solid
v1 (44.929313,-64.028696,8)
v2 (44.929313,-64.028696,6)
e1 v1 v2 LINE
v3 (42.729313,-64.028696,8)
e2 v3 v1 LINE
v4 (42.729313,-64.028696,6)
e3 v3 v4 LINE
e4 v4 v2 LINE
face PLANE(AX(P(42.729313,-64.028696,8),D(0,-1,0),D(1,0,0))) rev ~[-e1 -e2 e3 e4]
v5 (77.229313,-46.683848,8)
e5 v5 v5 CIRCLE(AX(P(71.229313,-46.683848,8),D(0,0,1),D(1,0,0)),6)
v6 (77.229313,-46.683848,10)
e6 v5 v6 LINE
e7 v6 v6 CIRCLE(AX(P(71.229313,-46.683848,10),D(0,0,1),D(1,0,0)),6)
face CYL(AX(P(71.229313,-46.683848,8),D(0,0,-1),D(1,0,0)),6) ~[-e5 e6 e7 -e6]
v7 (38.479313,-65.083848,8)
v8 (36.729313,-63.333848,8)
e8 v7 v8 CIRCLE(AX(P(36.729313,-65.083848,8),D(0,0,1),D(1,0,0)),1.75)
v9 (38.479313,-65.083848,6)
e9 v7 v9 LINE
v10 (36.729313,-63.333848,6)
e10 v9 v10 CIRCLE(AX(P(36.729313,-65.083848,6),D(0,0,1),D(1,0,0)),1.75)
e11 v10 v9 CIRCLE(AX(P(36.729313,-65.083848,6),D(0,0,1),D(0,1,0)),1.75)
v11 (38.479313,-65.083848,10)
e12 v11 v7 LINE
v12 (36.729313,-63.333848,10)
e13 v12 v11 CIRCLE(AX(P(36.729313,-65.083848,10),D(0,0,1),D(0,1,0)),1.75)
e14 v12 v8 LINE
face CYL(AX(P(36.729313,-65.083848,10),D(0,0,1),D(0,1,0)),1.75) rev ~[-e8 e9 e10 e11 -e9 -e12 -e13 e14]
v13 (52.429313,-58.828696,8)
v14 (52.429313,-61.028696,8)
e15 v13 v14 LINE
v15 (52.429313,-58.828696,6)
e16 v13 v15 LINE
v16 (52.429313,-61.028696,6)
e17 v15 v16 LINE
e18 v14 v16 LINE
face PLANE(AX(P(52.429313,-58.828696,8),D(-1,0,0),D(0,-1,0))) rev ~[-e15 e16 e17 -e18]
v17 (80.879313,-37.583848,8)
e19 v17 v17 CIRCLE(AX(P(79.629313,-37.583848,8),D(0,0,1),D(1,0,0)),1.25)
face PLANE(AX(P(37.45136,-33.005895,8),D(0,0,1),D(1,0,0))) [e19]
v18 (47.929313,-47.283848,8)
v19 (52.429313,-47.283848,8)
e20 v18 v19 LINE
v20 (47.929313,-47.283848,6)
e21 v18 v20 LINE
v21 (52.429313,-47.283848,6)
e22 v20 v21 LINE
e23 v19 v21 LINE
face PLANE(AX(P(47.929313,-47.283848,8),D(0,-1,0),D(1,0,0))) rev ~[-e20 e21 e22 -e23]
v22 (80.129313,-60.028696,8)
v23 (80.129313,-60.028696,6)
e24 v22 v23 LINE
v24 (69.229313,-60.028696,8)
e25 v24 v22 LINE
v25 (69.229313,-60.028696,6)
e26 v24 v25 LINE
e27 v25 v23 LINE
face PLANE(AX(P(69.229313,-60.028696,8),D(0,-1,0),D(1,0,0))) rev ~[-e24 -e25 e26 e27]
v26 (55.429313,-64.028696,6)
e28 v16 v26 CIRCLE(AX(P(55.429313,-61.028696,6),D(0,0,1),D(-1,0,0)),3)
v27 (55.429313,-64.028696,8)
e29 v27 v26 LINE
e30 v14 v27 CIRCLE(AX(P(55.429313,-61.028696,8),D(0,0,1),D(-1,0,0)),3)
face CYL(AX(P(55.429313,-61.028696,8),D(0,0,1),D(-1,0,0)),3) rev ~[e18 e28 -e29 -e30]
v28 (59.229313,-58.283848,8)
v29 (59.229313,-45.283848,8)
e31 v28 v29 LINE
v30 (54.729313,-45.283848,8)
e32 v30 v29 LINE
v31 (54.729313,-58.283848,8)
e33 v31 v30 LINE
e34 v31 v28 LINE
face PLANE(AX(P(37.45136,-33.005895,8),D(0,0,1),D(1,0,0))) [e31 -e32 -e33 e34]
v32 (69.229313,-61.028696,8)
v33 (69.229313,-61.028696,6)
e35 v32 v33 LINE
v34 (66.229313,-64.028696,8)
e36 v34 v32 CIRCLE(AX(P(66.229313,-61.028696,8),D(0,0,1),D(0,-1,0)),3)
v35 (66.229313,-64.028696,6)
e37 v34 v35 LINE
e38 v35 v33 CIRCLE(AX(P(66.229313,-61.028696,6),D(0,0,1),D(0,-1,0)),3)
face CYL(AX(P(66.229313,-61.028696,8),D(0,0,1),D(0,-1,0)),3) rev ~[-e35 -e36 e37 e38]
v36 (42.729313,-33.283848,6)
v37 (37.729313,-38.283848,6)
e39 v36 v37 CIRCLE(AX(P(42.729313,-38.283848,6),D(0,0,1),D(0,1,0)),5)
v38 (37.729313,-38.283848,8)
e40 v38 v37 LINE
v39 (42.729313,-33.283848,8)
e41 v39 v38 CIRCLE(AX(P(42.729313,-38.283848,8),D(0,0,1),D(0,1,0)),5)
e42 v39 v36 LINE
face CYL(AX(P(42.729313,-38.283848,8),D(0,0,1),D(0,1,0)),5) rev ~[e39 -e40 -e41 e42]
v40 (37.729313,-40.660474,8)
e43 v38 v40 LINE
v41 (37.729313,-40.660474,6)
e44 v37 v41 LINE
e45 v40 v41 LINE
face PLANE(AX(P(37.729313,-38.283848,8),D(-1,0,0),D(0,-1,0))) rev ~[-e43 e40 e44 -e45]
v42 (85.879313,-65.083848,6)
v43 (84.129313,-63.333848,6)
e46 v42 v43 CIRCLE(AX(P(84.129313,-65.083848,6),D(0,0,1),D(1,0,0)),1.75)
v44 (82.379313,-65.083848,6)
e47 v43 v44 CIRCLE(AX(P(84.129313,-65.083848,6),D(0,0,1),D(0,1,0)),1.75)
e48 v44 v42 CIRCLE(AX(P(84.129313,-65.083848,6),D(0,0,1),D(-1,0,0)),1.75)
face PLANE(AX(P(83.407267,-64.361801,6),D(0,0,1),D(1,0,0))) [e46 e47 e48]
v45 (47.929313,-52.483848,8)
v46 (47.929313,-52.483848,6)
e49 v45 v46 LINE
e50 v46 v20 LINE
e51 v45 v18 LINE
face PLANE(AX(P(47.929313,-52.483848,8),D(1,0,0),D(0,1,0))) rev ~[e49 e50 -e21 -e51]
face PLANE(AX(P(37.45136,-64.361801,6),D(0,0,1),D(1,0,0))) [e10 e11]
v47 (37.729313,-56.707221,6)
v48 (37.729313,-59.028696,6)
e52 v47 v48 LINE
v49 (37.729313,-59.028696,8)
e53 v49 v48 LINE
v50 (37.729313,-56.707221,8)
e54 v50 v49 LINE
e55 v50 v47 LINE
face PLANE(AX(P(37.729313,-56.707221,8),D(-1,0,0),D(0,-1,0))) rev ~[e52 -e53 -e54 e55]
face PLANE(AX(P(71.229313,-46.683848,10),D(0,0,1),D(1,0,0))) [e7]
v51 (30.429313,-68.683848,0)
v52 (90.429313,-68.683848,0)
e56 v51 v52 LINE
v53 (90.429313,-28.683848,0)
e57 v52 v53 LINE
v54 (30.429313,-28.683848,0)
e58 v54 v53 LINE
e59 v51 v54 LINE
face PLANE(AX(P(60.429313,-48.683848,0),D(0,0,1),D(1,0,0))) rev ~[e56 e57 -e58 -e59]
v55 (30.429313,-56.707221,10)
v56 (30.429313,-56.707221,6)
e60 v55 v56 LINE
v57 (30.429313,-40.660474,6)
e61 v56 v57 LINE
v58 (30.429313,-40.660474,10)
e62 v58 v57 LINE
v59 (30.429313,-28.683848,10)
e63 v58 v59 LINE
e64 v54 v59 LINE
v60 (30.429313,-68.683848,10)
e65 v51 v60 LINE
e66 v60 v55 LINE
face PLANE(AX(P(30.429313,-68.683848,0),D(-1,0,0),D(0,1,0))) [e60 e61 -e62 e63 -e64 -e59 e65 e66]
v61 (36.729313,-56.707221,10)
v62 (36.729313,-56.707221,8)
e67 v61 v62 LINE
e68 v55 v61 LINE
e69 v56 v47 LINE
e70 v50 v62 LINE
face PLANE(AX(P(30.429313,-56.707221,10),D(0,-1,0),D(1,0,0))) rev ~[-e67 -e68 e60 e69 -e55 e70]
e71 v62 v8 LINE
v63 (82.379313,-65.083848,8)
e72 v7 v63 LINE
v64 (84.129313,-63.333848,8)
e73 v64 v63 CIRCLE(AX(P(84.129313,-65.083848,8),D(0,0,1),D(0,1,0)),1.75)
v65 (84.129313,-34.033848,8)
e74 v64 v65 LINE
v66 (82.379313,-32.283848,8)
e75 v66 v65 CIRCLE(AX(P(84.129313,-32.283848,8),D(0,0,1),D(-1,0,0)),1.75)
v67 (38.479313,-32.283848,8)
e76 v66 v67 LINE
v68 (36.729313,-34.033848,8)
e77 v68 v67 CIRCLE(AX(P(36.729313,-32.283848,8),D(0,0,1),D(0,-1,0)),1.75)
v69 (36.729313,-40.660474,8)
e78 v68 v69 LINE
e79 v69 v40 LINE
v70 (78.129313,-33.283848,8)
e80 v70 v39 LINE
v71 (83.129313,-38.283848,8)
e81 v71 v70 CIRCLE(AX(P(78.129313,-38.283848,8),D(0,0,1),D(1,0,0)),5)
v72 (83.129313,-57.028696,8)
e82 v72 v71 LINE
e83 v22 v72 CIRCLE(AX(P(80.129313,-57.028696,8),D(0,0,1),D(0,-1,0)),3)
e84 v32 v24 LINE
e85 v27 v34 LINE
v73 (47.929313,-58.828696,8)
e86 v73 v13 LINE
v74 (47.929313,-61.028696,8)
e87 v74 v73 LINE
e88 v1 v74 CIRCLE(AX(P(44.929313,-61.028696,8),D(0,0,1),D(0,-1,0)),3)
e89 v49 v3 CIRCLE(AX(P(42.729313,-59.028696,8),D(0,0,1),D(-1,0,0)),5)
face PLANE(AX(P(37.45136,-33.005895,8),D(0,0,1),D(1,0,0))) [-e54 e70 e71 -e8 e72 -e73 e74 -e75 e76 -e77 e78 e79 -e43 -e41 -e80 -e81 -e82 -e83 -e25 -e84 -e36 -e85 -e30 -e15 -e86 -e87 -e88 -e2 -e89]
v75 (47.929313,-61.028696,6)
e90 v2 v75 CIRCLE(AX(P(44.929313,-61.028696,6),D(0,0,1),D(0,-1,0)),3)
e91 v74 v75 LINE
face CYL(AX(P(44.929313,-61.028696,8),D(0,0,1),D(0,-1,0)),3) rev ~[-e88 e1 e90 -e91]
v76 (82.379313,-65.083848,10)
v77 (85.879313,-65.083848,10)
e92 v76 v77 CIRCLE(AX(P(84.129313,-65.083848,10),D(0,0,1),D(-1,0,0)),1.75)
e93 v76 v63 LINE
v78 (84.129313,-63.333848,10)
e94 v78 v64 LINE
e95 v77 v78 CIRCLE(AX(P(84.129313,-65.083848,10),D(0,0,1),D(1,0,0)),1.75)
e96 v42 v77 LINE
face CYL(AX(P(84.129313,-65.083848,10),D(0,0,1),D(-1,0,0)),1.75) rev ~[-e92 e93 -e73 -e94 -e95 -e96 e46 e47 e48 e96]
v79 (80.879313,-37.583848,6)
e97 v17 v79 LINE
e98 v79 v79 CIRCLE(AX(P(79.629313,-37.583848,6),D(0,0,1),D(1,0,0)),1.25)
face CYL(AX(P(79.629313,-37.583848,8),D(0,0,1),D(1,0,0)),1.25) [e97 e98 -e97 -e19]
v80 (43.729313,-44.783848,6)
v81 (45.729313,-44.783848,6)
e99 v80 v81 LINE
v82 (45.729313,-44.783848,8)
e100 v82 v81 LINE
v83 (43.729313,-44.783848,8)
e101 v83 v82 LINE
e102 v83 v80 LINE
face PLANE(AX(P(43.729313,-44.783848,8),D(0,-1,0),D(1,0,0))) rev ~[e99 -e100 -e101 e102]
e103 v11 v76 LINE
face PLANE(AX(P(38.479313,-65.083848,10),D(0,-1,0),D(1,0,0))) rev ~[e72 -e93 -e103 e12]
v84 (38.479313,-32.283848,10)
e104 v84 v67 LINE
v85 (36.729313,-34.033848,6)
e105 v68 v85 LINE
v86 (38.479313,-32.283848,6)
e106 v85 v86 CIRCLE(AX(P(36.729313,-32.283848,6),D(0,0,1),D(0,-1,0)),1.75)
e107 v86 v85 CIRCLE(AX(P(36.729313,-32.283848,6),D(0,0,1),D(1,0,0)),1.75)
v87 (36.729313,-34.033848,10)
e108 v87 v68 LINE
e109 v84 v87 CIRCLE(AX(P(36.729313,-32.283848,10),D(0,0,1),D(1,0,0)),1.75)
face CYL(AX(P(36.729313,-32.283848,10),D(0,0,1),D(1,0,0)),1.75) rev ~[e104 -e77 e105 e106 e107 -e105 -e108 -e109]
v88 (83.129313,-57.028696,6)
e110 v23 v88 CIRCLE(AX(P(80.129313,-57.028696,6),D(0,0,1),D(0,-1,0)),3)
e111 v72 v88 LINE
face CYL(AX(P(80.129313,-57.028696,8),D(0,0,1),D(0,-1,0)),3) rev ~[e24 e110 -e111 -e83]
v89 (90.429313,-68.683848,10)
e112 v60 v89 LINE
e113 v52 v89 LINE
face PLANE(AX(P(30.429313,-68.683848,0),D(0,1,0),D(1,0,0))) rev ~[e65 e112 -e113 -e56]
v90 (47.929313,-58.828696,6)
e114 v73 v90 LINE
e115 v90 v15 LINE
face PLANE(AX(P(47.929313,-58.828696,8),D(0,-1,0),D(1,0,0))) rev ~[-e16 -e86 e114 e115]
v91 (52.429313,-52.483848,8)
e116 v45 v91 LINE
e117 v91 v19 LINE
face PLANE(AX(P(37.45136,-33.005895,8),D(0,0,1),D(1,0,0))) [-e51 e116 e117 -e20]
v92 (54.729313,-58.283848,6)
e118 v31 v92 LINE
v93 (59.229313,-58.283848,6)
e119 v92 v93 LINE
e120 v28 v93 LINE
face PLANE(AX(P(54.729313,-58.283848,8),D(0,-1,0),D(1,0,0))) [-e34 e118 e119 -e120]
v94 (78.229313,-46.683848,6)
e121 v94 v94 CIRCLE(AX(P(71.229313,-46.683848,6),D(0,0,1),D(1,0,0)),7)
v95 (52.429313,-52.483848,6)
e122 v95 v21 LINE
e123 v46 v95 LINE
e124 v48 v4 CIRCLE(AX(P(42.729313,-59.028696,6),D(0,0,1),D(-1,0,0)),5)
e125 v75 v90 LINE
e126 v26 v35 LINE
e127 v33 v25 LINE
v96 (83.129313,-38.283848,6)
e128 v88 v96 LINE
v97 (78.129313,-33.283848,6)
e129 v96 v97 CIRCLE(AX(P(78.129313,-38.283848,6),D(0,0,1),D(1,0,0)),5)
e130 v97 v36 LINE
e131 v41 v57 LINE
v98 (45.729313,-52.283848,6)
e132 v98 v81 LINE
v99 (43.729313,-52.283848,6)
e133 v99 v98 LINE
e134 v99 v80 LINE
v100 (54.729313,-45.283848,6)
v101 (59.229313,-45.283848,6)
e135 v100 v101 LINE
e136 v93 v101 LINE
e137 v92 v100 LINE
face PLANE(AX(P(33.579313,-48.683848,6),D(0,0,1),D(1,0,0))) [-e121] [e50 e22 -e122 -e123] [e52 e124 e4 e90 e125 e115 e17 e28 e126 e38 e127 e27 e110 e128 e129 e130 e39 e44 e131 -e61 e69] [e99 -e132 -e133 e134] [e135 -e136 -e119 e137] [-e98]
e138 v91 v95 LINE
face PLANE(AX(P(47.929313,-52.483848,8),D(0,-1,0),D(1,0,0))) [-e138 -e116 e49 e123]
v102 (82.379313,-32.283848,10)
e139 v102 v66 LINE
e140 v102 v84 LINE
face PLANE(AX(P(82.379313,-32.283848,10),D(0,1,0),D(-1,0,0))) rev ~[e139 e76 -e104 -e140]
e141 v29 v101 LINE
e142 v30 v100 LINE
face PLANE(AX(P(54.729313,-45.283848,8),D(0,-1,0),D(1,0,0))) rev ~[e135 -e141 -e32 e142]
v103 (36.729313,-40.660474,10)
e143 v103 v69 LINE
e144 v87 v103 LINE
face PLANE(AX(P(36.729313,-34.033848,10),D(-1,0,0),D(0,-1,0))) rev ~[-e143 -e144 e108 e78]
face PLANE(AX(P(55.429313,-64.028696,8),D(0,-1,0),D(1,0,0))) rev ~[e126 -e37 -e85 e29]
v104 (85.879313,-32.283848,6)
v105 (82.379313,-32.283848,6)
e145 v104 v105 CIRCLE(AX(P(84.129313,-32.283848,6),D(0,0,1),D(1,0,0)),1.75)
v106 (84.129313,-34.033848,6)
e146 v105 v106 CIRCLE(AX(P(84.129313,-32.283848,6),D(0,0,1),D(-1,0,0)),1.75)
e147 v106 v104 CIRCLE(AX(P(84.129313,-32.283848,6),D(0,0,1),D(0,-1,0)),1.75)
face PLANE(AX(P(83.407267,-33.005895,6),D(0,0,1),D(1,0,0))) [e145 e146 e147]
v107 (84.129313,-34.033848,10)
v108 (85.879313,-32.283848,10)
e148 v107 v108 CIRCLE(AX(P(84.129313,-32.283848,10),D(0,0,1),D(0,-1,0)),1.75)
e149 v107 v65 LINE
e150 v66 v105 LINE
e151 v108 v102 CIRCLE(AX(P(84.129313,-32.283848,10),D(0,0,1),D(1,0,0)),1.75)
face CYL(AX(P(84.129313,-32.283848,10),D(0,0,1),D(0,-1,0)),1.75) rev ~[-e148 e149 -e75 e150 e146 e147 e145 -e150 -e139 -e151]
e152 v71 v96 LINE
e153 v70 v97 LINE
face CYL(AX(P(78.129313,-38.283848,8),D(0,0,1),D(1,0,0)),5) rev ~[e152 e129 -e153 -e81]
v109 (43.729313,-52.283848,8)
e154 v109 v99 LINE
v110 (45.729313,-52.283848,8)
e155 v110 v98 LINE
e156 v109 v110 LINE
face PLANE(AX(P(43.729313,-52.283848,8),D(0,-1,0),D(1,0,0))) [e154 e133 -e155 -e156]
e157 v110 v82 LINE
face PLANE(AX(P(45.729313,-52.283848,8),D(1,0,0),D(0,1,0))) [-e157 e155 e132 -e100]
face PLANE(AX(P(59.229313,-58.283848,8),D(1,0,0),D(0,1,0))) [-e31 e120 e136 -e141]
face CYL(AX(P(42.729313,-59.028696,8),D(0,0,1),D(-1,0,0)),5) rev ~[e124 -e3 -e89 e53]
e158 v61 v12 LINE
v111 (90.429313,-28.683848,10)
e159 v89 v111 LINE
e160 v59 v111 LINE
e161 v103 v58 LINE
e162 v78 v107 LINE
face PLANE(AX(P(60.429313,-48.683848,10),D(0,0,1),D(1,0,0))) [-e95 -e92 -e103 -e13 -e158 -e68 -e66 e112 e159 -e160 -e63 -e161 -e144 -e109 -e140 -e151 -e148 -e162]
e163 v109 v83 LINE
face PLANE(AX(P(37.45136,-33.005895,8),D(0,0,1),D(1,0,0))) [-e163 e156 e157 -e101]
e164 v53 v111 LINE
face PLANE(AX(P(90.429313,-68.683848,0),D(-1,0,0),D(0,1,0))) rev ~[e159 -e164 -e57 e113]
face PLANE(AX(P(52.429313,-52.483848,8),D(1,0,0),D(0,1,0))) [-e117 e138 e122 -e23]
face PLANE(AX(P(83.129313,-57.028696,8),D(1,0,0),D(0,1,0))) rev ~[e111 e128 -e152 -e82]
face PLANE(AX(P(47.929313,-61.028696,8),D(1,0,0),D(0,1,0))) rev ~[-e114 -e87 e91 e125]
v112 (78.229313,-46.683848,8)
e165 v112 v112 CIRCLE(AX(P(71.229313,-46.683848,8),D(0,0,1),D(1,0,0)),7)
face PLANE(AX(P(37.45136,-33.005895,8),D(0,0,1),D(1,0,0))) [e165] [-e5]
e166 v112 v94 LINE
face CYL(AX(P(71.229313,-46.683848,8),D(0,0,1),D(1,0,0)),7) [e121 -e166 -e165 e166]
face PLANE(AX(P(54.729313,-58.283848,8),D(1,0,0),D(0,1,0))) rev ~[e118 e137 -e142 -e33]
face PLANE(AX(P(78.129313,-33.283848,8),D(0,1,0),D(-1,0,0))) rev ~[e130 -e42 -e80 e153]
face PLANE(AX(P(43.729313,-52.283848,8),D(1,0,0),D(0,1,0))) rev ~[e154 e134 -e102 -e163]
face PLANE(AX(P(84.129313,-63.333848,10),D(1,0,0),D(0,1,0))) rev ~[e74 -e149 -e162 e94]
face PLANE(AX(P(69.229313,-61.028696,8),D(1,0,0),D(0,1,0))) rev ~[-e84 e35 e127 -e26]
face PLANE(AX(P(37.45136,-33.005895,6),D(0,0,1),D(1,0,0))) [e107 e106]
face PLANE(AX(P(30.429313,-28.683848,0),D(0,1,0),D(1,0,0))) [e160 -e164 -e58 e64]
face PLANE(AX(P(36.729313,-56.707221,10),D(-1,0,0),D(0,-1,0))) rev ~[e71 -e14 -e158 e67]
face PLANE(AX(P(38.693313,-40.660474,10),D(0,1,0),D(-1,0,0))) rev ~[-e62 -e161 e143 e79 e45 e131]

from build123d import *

# Parameters (mm, degrees)
F0_W     = 60
F0_H     = 40
F1_DEPTH = 10
F3_DEPTH = 2
F5_DEPTH = 4
F4_R     = 6
F6_DEPTH = 2
F2_W     = 6.3
F2_H     = 16.0467466712
F2_W_2   = 1.9639990747
F7_DEPTH = 4
F4_W     = 4.5
F4_H     = 5.2
F4_H_2   = 13
F4_W_2   = 2
F4_H_3   = 7.5
F4_R_2   = 7
F4_R_3   = 1.25
F8_DEPTH = 2


with BuildPart() as f1:
    # F0 (on Top) → F1 (new body)
    with BuildSketch(Plane.XY):
        with Locations((60.4293134809, -48.683847785)):
            Rectangle(F0_W, F0_H)
    extrude(amount=F1_DEPTH)

    # F2 (on face) → F3 (cut)
    with BuildSketch(Plane.XY.offset(10)):
        with BuildLine():
            Line((38.4793134809, -32.283847785), (36.7293134809, -32.283847785))
            Line((36.7293134809, -32.283847785), (36.7293134809, -34.033847785))
            ThreePointArc((36.7293134809, -34.033847785), (37.9667503479, -33.5212846521), (38.4793134809, -32.283847785))
        make_face()
        with BuildLine():
            Line((36.7293134809, -34.033847785), (36.7293134809, -32.283847785))
            Line((36.7293134809, -32.283847785), (38.4793134809, -32.283847785))
            ThreePointArc((38.4793134809, -32.283847785), (35.4918766138, -31.0464109179), (36.7293134809, -34.033847785))
        make_face()
        with BuildLine():
            ThreePointArc((38.4793134809, -65.083847785), (37.9667503479, -63.8464109179), (36.7293134809, -63.333847785))
            Line((36.7293134809, -63.333847785), (36.7293134809, -65.083847785))
            Line((36.7293134809, -65.083847785), (38.4793134809, -65.083847785))
        make_face()
        with BuildLine():
            Line((36.7293134809, -65.083847785), (36.7293134809, -63.333847785))
            ThreePointArc((36.7293134809, -63.333847785), (35.4918766138, -66.3212846521), (38.4793134809, -65.083847785))
            Line((38.4793134809, -65.083847785), (36.7293134809, -65.083847785))
        make_face()
        with BuildLine():
            ThreePointArc((85.8793134809, -65.083847785), (85.3667503479, -63.8464109179), (84.1293134809, -63.333847785))
            Line((84.1293134809, -63.333847785), (84.1293134809, -65.083847785))
            Line((84.1293134809, -65.083847785), (82.3793134809, -65.083847785))
            ThreePointArc((82.3793134809, -65.083847785), (84.1293134809, -66.833847785), (85.8793134809, -65.083847785))
        make_face()
        with BuildLine():
            Line((84.1293134809, -65.083847785), (84.1293134809, -63.333847785))
            ThreePointArc((84.1293134809, -63.333847785), (82.8918766138, -63.8464109179), (82.3793134809, -65.083847785))
            Line((82.3793134809, -65.083847785), (84.1293134809, -65.083847785))
        make_face()
        with BuildLine():
            Line((82.3793134809, -32.283847785), (38.4793134809, -32.283847785))
            ThreePointArc((38.4793134809, -32.283847785), (37.9667503479, -33.5212846521), (36.7293134809, -34.033847785))
            Line((36.7293134809, -34.033847785), (36.7293134809, -40.6604744494))
            Line((36.7293134809, -40.6604744494), (38.6933125556, -40.6604744494))
            Line((38.6933125556, -40.6604744494), (38.6933125556, -56.7072211206))
            Line((38.6933125556, -56.7072211206), (36.7293134809, -56.7072211206))
            Line((36.7293134809, -56.7072211206), (36.7293134809, -63.333847785))
            ThreePointArc((36.7293134809, -63.333847785), (37.9667503479, -63.8464109179), (38.4793134809, -65.083847785))
            Line((38.4793134809, -65.083847785), (82.3793134809, -65.083847785))
            ThreePointArc((82.3793134809, -65.083847785), (82.8918766138, -63.8464109179), (84.1293134809, -63.333847785))
            Line((84.1293134809, -63.333847785), (84.1293134809, -34.033847785))
            ThreePointArc((84.1293134809, -34.033847785), (82.8918766138, -33.5212846521), (82.3793134809, -32.283847785))
        make_face()
        with BuildLine():
            Line((84.1293134809, -32.283847785), (82.3793134809, -32.283847785))
            ThreePointArc((82.3793134809, -32.283847785), (82.8918766138, -33.5212846521), (84.1293134809, -34.033847785))
            Line((84.1293134809, -34.033847785), (84.1293134809, -32.283847785))
        make_face()
        with BuildLine():
            ThreePointArc((85.8793134809, -32.283847785), (84.1293134809, -30.533847785), (82.3793134809, -32.283847785))
            Line((82.3793134809, -32.283847785), (84.1293134809, -32.283847785))
            Line((84.1293134809, -32.283847785), (84.1293134809, -34.033847785))
            ThreePointArc((84.1293134809, -34.033847785), (85.3667503479, -33.5212846521), (85.8793134809, -32.283847785))
        make_face()
    extrude(amount=-F3_DEPTH, mode=Mode.SUBTRACT)

    # F2 (on face) → F5 (cut)
    with BuildSketch(Plane.XY.offset(10)):
        with BuildLine():
            Line((38.4793134809, -32.283847785), (36.7293134809, -32.283847785))
            Line((36.7293134809, -32.283847785), (36.7293134809, -34.033847785))
            ThreePointArc((36.7293134809, -34.033847785), (37.9667503479, -33.5212846521), (38.4793134809, -32.283847785))
        make_face()
        with BuildLine():
            Line((36.7293134809, -34.033847785), (36.7293134809, -32.283847785))
            Line((36.7293134809, -32.283847785), (38.4793134809, -32.283847785))
            ThreePointArc((38.4793134809, -32.283847785), (35.4918766138, -31.0464109179), (36.7293134809, -34.033847785))
        make_face()
        with BuildLine():
            ThreePointArc((38.4793134809, -65.083847785), (37.9667503479, -63.8464109179), (36.7293134809, -63.333847785))
            Line((36.7293134809, -63.333847785), (36.7293134809, -65.083847785))
            Line((36.7293134809, -65.083847785), (38.4793134809, -65.083847785))
        make_face()
        with BuildLine():
            Line((36.7293134809, -65.083847785), (36.7293134809, -63.333847785))
            ThreePointArc((36.7293134809, -63.333847785), (35.4918766138, -66.3212846521), (38.4793134809, -65.083847785))
            Line((38.4793134809, -65.083847785), (36.7293134809, -65.083847785))
        make_face()
        with BuildLine():
            Line((84.1293134809, -32.283847785), (82.3793134809, -32.283847785))
            ThreePointArc((82.3793134809, -32.283847785), (82.8918766138, -33.5212846521), (84.1293134809, -34.033847785))
            Line((84.1293134809, -34.033847785), (84.1293134809, -32.283847785))
        make_face()
        with BuildLine():
            ThreePointArc((85.8793134809, -32.283847785), (84.1293134809, -30.533847785), (82.3793134809, -32.283847785))
            Line((82.3793134809, -32.283847785), (84.1293134809, -32.283847785))
            Line((84.1293134809, -32.283847785), (84.1293134809, -34.033847785))
            ThreePointArc((84.1293134809, -34.033847785), (85.3667503479, -33.5212846521), (85.8793134809, -32.283847785))
        make_face()
        with BuildLine():
            Line((84.1293134809, -65.083847785), (84.1293134809, -63.333847785))
            ThreePointArc((84.1293134809, -63.333847785), (82.8918766138, -63.8464109179), (82.3793134809, -65.083847785))
            Line((82.3793134809, -65.083847785), (84.1293134809, -65.083847785))
        make_face()
        with BuildLine():
            ThreePointArc((85.8793134809, -65.083847785), (85.3667503479, -63.8464109179), (84.1293134809, -63.333847785))
            Line((84.1293134809, -63.333847785), (84.1293134809, -65.083847785))
            Line((84.1293134809, -65.083847785), (82.3793134809, -65.083847785))
            ThreePointArc((82.3793134809, -65.083847785), (84.1293134809, -66.833847785), (85.8793134809, -65.083847785))
        make_face()
    extrude(amount=-F5_DEPTH, mode=Mode.SUBTRACT)

    # F4 (on face) → F6 (join)
    with BuildSketch(Plane.XY.offset(8)):
        with Locations((71.2293134809, -46.683847785)):
            Circle(F4_R)
    extrude(amount=F6_DEPTH)

    # F2 (on face) → F7 (cut)
    with BuildSketch(Plane.XY.offset(10)):
        with Locations((33.5793134809, -48.683847785)):
            Rectangle(F2_W, F2_H)
        with Locations((37.7113130182, -48.683847785)):
            Rectangle(F2_W_2, F2_H)
    extrude(amount=-F7_DEPTH, mode=Mode.SUBTRACT)

    # F4 (on face) → F8 (cut)
    with BuildSketch(Plane.XY.offset(8)):
        with BuildLine():
            Line((78.1293134809, -33.283847785), (42.7293134809, -33.283847785))
            ThreePointArc((42.7293134809, -33.283847785), (39.1937795749, -34.7483138791), (37.7293134809, -38.283847785))
            Line((37.7293134809, -38.283847785), (37.7293134809, -40.6604744494))
            Line((37.7293134809, -40.6604744494), (38.6933125556, -40.6604744494))
            Line((38.6933125556, -40.6604744494), (38.6933125556, -56.7072211206))
            Line((38.6933125556, -56.7072211206), (37.7293134809, -56.7072211206))
            Line((37.7293134809, -56.7072211206), (37.7293134809, -59.028696239))
            ThreePointArc((37.7293134809, -59.028696239), (39.1937795749, -62.5642301449), (42.7293134809, -64.028696239))
            Line((42.7293134809, -64.028696239), (44.9293134809, -64.028696239))
            ThreePointArc((44.9293134809, -64.028696239), (47.0506338244, -63.1500165826), (47.9293134809, -61.028696239))
            Line((47.9293134809, -61.028696239), (47.9293134809, -58.828696239))
            Line((47.9293134809, -58.828696239), (52.4293134809, -58.828696239))
            Line((52.4293134809, -58.828696239), (52.4293134809, -61.028696239))
            ThreePointArc((52.4293134809, -61.028696239), (53.3079931373, -63.1500165826), (55.4293134809, -64.028696239))
            Line((55.4293134809, -64.028696239), (66.2293134809, -64.028696239))
            ThreePointArc((66.2293134809, -64.028696239), (68.3506338244, -63.1500165826), (69.2293134809, -61.028696239))
            Line((69.2293134809, -61.028696239), (69.2293134809, -60.028696239))
            Line((69.2293134809, -60.028696239), (80.1293134809, -60.028696239))
            ThreePointArc((80.1293134809, -60.028696239), (82.2506338244, -59.1500165826), (83.1293134809, -57.028696239))
            Line((83.1293134809, -57.028696239), (83.1293134809, -38.283847785))
            ThreePointArc((83.1293134809, -38.283847785), (81.6648473868, -34.7483138791), (78.1293134809, -33.283847785))
        make_face()
        with Locations((50.1793134809, -49.883847785)):
            Rectangle(F4_W, F4_H, mode=Mode.SUBTRACT)
        with Locations((56.9793134809, -51.783847785)):
            Rectangle(F4_W, F4_H_2, mode=Mode.SUBTRACT)
        with Locations((44.7293134809, -48.533847785)):
            Rectangle(F4_W_2, F4_H_3, mode=Mode.SUBTRACT)
        with Locations((71.2293134809, -46.683847785)):
            Circle(F4_R_2, mode=Mode.SUBTRACT)
        with Locations((79.6293134809, -37.583847785)):
            Circle(F4_R_3, mode=Mode.SUBTRACT)
    extrude(amount=-F8_DEPTH, mode=Mode.SUBTRACT)


solid = f1.part
